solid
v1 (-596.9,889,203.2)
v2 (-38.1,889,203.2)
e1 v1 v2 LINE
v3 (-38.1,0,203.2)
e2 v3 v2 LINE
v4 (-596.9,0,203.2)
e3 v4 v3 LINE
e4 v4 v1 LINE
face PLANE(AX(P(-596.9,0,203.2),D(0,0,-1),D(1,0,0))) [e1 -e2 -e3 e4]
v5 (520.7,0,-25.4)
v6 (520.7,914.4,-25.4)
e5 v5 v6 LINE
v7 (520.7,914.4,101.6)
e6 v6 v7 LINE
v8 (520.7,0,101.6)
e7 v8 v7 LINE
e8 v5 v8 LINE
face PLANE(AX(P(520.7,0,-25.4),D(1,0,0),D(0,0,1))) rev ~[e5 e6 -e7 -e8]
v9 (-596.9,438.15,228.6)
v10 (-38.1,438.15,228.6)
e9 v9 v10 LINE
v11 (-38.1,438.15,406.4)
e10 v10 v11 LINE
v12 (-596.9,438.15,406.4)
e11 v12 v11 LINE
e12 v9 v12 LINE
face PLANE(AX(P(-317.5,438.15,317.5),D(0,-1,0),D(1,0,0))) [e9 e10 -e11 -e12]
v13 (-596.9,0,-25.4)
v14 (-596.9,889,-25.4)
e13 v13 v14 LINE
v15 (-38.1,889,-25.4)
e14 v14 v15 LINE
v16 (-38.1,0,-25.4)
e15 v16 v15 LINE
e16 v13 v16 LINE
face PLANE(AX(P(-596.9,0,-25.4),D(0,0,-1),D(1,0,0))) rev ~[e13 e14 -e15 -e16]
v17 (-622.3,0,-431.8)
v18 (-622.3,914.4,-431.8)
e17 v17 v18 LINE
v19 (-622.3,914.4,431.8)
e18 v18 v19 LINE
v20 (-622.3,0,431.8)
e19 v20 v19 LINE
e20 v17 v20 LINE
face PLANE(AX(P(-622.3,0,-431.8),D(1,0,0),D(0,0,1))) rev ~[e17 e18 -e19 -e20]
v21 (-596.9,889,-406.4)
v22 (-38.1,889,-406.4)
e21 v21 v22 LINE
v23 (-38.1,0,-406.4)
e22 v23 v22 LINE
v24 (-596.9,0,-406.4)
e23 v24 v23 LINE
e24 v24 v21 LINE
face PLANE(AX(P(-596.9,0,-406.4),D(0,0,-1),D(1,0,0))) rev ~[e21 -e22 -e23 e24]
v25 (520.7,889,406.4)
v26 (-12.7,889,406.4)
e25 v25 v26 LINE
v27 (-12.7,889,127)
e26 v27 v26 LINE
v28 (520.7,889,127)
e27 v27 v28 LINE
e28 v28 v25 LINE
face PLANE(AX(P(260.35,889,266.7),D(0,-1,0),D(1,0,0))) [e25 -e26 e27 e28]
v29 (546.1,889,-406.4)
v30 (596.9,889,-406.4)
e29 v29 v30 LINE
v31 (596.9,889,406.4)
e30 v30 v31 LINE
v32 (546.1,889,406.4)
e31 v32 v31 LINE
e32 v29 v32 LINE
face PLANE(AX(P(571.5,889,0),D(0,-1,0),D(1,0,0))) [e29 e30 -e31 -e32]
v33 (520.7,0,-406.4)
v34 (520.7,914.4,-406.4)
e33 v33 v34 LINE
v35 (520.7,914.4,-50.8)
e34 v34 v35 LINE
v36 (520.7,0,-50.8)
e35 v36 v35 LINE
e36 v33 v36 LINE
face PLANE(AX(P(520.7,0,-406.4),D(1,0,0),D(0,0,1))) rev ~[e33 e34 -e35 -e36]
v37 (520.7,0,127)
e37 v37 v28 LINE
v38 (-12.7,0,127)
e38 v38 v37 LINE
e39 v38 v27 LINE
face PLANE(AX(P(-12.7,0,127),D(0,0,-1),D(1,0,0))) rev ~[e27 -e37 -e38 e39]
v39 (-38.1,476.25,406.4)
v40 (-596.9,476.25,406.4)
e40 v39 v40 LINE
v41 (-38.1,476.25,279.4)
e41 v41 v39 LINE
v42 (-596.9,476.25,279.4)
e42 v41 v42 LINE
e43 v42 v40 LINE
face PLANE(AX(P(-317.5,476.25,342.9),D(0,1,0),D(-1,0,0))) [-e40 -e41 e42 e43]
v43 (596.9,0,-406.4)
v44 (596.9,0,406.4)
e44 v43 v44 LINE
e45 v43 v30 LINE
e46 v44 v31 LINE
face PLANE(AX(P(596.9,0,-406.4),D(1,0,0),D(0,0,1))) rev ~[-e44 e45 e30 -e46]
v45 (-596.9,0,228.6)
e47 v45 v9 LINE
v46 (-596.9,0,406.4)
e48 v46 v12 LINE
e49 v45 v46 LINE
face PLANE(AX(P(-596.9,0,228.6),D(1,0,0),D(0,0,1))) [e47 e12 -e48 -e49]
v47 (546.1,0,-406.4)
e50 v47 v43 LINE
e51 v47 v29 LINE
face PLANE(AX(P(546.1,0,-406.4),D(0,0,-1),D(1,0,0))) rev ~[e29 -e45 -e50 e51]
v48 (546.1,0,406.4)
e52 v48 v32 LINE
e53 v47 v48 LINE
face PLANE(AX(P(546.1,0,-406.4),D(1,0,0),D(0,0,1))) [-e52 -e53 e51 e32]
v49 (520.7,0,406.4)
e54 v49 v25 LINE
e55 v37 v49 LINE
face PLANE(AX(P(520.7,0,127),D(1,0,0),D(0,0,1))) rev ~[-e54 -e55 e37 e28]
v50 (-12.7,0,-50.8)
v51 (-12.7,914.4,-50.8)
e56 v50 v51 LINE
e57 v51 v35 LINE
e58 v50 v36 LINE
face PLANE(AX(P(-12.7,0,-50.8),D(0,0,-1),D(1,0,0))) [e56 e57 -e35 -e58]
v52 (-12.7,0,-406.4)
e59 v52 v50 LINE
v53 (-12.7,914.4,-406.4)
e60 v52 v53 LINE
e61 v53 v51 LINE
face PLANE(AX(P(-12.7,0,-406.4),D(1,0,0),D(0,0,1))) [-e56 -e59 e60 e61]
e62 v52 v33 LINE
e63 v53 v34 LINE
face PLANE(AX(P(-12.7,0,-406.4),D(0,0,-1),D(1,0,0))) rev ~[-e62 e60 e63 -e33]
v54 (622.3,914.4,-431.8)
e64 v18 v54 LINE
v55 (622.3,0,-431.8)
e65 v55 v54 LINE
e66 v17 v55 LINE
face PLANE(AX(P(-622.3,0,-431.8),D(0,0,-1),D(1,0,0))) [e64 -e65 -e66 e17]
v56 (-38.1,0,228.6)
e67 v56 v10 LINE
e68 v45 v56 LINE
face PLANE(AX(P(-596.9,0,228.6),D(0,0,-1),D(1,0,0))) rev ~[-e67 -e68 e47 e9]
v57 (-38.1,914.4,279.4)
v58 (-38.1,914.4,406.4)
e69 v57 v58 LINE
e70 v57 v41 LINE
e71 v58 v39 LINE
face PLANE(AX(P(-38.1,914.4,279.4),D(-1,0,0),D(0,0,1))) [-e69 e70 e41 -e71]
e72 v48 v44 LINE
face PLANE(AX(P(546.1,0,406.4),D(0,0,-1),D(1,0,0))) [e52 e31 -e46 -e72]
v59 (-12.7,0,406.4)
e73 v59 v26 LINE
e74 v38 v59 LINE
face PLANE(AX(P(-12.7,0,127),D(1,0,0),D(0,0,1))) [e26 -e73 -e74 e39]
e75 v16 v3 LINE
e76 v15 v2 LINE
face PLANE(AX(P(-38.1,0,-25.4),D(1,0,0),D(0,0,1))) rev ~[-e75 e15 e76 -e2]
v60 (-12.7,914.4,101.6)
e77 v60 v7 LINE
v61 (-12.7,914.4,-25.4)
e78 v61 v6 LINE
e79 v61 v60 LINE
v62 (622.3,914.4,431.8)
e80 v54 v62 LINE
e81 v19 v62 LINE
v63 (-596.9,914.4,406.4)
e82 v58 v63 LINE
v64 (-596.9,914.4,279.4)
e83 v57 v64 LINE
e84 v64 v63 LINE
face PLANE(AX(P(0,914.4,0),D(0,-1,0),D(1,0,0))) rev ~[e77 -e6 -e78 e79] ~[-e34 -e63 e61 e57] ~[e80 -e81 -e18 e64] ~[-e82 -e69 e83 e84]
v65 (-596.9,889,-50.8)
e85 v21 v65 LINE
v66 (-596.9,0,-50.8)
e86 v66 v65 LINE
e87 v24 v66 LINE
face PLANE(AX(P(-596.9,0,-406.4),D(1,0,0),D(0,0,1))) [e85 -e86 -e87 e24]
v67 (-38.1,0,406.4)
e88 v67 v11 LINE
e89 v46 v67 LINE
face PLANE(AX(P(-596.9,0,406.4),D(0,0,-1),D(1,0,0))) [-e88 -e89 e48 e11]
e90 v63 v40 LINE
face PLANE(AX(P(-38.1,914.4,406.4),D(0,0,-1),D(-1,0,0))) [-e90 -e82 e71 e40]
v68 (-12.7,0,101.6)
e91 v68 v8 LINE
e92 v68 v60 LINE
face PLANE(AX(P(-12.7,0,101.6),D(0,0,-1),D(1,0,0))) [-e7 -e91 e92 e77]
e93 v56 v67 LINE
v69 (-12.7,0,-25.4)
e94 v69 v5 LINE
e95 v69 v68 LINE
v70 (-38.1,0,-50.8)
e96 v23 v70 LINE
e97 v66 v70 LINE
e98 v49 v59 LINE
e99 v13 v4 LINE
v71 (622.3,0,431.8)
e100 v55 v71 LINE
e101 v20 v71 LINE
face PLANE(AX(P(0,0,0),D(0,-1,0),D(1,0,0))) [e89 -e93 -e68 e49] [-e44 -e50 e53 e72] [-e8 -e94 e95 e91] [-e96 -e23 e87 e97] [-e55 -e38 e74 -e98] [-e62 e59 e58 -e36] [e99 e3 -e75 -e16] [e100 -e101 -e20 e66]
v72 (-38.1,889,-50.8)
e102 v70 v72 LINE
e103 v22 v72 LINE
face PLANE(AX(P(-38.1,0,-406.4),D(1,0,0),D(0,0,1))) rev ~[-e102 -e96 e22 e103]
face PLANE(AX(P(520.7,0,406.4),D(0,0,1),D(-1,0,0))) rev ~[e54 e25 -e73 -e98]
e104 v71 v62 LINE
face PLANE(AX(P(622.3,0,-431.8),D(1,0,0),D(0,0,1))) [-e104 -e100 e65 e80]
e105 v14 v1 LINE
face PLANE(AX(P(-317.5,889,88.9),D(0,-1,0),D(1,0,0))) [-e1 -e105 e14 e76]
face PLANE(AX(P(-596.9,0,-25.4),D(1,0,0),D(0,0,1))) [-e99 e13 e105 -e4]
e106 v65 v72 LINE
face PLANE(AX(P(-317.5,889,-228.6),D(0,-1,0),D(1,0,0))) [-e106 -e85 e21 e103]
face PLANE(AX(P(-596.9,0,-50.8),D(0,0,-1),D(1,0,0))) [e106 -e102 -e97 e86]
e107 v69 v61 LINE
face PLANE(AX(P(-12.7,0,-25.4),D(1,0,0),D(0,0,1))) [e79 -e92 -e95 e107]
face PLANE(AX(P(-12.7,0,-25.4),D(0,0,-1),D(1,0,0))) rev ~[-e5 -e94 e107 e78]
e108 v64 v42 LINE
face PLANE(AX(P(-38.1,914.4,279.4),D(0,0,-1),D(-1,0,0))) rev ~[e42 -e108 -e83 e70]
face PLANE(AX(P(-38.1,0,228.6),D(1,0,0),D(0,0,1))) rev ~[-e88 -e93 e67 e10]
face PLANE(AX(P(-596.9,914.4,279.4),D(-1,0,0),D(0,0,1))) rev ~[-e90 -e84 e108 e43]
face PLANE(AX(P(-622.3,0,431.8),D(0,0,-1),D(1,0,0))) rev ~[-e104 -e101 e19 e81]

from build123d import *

# Parameters (mm, degrees)
F0_W      = 1244.6
F0_H      = 863.6
F1_DEPTH  = 914.4
F2_W      = 558.8
F2_H      = 355.6
F3_DEPTH  = 889
F4_W      = 558.8
F4_H      = 228.6
F5_DEPTH  = 889
F6_W      = 558.8
F6_H      = 177.8
F7_DEPTH  = 438.15
F8_W      = 558.8
F8_H      = 127
F9_DEPTH  = 438.15
F10_W     = 533.4
F10_H     = 127
F11_DEPTH = 914.4
F12_W     = 533.4
F12_H     = 355.6
F13_DEPTH = 914.4
F14_W     = 50.8
F14_H     = 812.8
F15_DEPTH = 889
F16_W     = 520.7
F16_H     = 279.4
F16_W_2   = 12.7
F17_DEPTH = 889


with BuildPart() as f1:
    # F0 (on Front) → F1 (new body)
    with BuildSketch(Plane.XZ):
        Rectangle(F0_W, F0_H)
    extrude(amount=-F1_DEPTH)

    # F2 (on face) → F3 (cut)
    with BuildSketch(Plane.XZ):
        with Locations((-317.5, -228.6)):
            Rectangle(F2_W, F2_H)
    extrude(amount=-F3_DEPTH, mode=Mode.SUBTRACT)

    # F4 (on face) → F5 (cut)
    with BuildSketch(Plane.XZ):
        with Locations((-317.5, 88.9)):
            Rectangle(F4_W, F4_H)
    extrude(amount=-F5_DEPTH, mode=Mode.SUBTRACT)

    # F6 (on face) → F7 (cut)
    with BuildSketch(Plane.XZ):
        with Locations((-317.5, 317.5)):
            Rectangle(F6_W, F6_H)
    extrude(amount=-F7_DEPTH, mode=Mode.SUBTRACT)

    # F8 (on face) → F9 (cut)
    with BuildSketch(Plane(origin=(0, 914.4, 0), x_dir=(-1, 0, 0), z_dir=(0, 1, 0))):
        with Locations((317.5, 342.9)):
            Rectangle(F8_W, F8_H)
    extrude(amount=-F9_DEPTH, mode=Mode.SUBTRACT)

    # F10 (on face) → F11 (cut)
    with BuildSketch(Plane.XZ):
        with Locations((254, 38.1)):
            Rectangle(F10_W, F10_H)
    extrude(amount=-F11_DEPTH, mode=Mode.SUBTRACT)

    # F12 (on face) → F13 (cut)
    with BuildSketch(Plane.XZ):
        with Locations((254, -228.6)):
            Rectangle(F12_W, F12_H)
    extrude(amount=-F13_DEPTH, mode=Mode.SUBTRACT)

    # F14 (on face) → F15 (cut)
    with BuildSketch(Plane.XZ):
        with Locations((571.5, 0)):
            Rectangle(F14_W, F14_H)
    extrude(amount=-F15_DEPTH, mode=Mode.SUBTRACT)

    # F16 (on face) → F17 (cut)
    with BuildSketch(Plane.XZ):
        with Locations((260.35, 266.7)):
            Rectangle(F16_W, F16_H)
        with Locations((-6.35, 266.7)):
            Rectangle(F16_W_2, F16_H)
    extrude(amount=-F17_DEPTH, mode=Mode.SUBTRACT)


solid = f1.part
